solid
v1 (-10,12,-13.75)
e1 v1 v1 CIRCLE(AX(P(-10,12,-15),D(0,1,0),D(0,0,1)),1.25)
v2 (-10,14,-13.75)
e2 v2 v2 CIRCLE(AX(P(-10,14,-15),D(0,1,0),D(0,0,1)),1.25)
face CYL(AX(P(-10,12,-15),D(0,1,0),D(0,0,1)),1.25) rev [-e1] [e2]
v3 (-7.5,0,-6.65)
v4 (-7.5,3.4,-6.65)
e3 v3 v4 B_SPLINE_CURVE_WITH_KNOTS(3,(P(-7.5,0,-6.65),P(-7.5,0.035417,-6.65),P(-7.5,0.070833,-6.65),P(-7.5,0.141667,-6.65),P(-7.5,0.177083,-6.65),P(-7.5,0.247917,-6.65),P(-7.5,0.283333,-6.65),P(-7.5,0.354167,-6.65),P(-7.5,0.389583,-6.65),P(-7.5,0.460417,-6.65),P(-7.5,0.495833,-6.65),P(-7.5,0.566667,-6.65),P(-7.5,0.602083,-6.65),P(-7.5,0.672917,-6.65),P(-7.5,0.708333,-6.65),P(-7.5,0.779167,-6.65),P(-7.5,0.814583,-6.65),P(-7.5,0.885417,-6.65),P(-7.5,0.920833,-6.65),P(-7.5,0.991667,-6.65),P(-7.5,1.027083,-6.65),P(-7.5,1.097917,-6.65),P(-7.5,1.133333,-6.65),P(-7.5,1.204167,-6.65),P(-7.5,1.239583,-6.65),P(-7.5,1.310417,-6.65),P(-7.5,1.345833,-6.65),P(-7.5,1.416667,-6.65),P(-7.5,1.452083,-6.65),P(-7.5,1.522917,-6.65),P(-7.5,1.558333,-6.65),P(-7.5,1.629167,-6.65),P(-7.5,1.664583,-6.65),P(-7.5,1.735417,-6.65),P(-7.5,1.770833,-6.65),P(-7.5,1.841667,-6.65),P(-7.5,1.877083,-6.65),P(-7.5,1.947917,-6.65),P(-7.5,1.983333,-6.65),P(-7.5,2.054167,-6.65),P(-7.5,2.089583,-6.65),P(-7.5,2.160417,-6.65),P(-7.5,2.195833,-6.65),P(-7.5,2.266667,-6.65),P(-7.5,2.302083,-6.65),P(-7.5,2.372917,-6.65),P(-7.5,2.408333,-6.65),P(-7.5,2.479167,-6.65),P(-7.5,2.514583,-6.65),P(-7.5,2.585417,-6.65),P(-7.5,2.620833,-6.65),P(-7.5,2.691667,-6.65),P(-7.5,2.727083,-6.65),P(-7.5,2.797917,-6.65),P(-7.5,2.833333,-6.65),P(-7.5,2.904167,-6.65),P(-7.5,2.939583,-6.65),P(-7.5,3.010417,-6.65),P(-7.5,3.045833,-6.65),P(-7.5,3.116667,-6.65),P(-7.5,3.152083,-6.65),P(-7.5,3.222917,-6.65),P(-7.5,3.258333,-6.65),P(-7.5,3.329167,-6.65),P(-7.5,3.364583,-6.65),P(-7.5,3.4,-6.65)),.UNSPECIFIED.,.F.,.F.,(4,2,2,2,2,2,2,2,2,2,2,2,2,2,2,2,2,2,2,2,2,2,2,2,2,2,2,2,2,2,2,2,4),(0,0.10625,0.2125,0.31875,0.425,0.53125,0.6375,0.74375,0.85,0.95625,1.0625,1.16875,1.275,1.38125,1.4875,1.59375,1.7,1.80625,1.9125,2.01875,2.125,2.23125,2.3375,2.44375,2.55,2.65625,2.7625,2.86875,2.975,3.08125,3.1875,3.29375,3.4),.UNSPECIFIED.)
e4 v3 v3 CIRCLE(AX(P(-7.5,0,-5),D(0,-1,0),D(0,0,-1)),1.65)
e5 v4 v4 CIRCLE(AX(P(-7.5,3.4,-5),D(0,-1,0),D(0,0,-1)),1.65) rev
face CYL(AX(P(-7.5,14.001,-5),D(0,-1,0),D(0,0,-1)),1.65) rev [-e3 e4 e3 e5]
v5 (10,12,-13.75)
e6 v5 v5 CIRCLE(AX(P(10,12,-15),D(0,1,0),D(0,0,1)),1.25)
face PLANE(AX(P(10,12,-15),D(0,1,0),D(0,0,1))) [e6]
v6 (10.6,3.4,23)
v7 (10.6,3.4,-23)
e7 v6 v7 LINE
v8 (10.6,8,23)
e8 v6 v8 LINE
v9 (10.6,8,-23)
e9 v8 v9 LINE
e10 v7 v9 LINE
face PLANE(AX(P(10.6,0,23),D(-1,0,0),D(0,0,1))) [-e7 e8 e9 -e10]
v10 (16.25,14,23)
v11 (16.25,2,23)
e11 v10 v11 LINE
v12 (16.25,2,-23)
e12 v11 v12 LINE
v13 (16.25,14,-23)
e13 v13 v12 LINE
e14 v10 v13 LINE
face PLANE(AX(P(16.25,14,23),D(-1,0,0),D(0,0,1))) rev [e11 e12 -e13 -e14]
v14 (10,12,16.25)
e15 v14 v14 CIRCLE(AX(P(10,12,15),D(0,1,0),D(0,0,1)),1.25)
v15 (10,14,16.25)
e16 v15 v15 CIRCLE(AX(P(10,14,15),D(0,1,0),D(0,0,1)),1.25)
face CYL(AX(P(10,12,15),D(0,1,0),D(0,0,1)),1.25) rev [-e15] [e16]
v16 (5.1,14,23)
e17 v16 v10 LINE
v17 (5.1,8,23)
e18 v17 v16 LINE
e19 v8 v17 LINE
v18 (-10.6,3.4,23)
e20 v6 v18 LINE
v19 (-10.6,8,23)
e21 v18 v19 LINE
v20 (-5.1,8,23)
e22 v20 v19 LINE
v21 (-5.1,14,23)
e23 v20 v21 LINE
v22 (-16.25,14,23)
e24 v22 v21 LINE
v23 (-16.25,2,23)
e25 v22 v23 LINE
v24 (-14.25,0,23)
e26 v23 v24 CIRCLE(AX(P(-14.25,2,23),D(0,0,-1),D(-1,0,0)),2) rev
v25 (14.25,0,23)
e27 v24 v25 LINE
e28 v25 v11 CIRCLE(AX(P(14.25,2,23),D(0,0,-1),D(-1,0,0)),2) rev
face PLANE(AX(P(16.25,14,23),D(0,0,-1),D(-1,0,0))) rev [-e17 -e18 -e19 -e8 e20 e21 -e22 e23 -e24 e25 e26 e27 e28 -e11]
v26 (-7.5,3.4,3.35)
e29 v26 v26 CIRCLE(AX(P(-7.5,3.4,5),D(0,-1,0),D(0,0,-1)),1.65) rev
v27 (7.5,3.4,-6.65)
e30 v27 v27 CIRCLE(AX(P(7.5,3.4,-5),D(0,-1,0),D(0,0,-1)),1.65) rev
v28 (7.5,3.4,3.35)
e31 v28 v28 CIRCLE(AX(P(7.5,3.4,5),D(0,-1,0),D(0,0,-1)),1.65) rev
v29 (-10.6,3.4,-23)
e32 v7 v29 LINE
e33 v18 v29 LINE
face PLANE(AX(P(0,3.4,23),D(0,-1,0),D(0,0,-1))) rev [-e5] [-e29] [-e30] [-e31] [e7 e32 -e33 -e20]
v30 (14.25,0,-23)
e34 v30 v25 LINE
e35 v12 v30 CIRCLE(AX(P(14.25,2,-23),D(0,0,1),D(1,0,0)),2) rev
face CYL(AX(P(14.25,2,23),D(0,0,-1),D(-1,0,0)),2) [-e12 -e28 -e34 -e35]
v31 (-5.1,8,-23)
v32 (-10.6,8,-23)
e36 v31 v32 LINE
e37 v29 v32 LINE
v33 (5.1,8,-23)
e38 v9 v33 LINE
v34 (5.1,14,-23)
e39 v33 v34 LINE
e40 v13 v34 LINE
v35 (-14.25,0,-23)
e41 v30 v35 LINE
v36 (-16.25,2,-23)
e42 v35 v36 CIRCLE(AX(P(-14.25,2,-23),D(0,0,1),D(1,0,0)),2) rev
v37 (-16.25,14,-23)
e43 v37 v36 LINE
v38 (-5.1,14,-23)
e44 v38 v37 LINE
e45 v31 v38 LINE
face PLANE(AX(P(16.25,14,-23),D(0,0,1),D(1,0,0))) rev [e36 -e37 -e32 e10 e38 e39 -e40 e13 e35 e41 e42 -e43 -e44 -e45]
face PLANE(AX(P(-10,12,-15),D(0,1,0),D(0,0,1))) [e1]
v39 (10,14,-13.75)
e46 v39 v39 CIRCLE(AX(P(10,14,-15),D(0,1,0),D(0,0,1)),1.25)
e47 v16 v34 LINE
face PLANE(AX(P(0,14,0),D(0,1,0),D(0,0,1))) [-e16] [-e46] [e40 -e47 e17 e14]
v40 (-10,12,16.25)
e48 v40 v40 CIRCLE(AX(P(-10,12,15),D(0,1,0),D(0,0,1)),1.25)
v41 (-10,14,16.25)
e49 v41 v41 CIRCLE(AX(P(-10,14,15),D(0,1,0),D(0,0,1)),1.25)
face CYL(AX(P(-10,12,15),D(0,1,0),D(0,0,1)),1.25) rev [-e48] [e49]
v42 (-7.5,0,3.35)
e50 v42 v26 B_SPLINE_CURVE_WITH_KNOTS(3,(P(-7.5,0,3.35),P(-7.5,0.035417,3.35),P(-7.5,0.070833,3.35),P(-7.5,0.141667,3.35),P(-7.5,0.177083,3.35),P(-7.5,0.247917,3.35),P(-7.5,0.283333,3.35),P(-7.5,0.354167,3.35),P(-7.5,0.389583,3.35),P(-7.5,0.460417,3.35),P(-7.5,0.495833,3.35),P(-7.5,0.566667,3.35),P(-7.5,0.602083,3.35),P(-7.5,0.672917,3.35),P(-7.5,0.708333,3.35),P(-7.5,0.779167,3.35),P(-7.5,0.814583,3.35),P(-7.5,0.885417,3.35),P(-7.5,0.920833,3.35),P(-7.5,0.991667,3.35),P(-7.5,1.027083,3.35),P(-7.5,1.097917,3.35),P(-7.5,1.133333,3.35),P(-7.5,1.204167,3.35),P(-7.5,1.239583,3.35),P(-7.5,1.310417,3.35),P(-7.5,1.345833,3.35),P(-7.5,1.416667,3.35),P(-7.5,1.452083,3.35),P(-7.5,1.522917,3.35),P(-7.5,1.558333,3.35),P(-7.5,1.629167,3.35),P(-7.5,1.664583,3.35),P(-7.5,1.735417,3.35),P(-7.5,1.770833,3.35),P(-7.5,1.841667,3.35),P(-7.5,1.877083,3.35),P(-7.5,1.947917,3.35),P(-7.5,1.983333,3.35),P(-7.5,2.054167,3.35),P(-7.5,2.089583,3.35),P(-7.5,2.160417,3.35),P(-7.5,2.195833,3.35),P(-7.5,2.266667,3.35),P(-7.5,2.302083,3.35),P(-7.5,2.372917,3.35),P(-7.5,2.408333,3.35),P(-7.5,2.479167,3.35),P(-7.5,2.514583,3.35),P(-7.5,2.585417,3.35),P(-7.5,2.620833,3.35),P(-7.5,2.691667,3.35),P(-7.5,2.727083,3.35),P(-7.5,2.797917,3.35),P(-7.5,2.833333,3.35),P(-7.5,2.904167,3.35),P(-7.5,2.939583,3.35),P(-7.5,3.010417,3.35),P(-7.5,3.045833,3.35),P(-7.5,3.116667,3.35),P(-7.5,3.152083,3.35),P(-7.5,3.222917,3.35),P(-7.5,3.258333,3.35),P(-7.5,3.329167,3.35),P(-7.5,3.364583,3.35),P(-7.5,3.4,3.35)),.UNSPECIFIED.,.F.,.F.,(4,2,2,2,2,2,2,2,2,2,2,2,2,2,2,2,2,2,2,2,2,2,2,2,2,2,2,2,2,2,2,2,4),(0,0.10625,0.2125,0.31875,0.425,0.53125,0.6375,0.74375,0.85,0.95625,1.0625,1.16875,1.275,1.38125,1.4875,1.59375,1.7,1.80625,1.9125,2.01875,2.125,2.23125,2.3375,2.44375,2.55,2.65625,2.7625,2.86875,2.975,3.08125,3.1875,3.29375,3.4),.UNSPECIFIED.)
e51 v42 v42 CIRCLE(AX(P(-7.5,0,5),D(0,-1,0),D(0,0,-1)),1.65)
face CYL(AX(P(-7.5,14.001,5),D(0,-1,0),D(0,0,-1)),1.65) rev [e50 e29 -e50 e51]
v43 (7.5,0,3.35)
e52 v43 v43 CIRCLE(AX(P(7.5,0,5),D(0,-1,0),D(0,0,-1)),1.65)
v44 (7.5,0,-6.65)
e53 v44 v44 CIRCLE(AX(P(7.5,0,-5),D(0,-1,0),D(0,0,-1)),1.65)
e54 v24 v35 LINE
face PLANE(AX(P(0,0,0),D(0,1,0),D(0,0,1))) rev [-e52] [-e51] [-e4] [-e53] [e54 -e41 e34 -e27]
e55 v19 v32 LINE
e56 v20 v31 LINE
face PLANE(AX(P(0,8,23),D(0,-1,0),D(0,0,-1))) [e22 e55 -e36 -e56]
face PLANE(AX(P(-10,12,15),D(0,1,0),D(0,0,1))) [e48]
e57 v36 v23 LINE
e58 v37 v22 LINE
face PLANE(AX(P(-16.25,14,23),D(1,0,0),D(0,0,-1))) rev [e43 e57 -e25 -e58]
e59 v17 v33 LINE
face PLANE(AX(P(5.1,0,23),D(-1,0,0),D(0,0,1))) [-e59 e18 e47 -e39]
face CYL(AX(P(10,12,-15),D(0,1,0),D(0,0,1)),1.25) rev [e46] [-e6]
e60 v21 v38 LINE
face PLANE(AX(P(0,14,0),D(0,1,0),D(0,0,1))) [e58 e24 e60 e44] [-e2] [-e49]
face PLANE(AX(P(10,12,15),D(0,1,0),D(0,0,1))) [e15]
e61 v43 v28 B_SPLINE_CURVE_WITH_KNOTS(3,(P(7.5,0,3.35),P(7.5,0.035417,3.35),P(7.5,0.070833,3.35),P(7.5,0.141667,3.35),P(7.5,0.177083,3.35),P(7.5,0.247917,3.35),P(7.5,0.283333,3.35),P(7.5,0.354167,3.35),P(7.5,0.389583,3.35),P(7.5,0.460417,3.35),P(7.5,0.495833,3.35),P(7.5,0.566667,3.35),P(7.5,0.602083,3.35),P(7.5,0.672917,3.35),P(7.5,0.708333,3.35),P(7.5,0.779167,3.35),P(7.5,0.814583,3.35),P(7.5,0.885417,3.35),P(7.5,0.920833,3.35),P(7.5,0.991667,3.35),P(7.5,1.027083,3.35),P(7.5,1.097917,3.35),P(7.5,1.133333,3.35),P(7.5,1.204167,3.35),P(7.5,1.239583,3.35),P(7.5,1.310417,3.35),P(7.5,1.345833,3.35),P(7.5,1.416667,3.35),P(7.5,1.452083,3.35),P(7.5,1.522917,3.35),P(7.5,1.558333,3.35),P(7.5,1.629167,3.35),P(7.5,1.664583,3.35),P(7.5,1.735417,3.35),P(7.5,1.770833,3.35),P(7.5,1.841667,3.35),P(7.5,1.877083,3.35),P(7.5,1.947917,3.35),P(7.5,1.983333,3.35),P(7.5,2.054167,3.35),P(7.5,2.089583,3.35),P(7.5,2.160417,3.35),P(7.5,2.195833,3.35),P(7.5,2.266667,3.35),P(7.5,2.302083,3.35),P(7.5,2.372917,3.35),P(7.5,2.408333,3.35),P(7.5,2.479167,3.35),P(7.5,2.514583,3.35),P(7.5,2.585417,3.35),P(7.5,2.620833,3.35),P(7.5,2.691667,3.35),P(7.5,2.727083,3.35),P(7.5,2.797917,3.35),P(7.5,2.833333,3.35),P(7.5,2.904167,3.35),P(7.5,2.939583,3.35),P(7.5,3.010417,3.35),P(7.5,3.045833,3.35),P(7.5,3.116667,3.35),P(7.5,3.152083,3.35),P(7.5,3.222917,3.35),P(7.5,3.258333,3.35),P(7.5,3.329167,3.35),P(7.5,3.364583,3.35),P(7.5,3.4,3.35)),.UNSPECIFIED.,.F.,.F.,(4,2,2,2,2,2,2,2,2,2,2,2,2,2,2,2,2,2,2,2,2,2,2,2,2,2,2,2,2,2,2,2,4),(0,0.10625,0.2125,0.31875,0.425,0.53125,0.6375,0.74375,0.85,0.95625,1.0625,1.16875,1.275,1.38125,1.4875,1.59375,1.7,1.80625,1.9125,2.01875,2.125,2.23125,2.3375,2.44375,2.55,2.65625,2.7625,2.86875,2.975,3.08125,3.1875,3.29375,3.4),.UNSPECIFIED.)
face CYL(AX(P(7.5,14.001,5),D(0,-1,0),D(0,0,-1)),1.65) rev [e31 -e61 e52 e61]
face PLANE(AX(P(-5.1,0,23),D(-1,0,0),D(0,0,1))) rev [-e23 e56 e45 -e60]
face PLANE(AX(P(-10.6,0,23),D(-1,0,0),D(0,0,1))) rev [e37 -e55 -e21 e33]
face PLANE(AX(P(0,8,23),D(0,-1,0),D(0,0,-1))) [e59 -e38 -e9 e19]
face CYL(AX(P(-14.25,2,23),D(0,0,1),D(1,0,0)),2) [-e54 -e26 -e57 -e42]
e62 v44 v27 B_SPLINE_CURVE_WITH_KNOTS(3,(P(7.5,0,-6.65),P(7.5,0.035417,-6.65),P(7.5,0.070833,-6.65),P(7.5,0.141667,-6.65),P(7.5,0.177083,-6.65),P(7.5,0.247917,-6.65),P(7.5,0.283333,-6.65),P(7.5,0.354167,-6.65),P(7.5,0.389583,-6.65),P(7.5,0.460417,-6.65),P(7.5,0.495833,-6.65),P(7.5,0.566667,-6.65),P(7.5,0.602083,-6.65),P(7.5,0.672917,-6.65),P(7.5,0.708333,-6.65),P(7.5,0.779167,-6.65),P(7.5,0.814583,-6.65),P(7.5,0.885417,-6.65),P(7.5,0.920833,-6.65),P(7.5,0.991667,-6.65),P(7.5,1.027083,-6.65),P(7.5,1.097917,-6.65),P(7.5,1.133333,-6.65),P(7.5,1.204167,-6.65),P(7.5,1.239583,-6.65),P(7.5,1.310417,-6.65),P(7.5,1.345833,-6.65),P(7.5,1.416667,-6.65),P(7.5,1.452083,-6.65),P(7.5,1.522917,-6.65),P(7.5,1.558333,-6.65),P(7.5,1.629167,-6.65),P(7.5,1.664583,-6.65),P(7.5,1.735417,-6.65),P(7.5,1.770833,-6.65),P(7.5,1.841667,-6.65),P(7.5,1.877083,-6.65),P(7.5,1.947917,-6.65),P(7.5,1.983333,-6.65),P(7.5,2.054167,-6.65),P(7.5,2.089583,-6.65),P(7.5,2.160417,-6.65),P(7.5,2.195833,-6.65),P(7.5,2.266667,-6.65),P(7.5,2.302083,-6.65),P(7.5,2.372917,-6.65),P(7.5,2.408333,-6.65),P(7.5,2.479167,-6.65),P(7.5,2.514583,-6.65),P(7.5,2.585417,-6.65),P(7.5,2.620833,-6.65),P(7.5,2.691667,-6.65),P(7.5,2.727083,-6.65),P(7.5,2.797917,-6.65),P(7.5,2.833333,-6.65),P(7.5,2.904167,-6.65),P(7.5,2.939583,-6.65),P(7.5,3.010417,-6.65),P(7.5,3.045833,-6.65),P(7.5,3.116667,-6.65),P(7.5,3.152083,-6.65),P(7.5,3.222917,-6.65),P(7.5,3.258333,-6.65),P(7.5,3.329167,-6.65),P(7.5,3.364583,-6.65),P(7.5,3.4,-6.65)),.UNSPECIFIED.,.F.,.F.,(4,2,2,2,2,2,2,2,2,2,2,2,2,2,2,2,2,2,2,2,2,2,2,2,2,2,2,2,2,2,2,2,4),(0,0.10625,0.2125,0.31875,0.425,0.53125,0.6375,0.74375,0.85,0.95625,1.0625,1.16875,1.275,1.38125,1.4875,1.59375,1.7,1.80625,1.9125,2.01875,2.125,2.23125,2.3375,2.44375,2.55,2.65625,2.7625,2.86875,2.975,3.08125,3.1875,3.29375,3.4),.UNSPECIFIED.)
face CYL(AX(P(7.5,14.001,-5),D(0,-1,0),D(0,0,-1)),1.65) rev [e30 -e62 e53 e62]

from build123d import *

# Parameters (mm, degrees)
SKETCH_1_W          = 32.5
SKETCH_1_H          = 46
EXTRUDE_1_DEPTH     = 14
SKETCH_2_W          = 10.2
SKETCH_2_H          = 6
CUT_EXTRUDE_2_DEPTH = 51.754925869
CUT_EXTRUDE_3_REACH = 33.449
SKETCH_4_R          = 1.65
SKETCH_5_R          = 1.25
CUT_EXTRUDE_4_DEPTH = 2
FILLET_1_R          = 2


with BuildPart() as part:
    # 草图1 → 凸台-拉伸1 (new body)
    with BuildSketch(Plane(origin=(0, 0, 0), x_dir=(1, 0, 0), z_dir=(0, 1, 0))):
        Rectangle(SKETCH_1_W, SKETCH_1_H)
    extrude(amount=EXTRUDE_1_DEPTH)

    # 草图2 → 切除-拉伸2 (cut, through all)
    with BuildSketch(Plane(origin=(0, 0, -23), x_dir=(-1, 0, 0), z_dir=(0, 0, -1))):
        with Locations((0, 11)):
            Rectangle(SKETCH_2_W, SKETCH_2_H)
        Polygon((5.1, 8), (-5.1, 8), (-10.6, 8), (-10.6, 3.4), (10.6, 3.4), (10.6, 8), align=None)
    extrude(amount=-CUT_EXTRUDE_2_DEPTH, mode=Mode.SUBTRACT)

    # 草图4 → 切除-拉伸3 (cut, up to next)
    with BuildSketch(Plane.XZ, mode=Mode.PRIVATE) as cut_extrude_3_sk1:
        with Locations(Location((-7.5, 5, 0), (0, 0, 270))):
            Circle(SKETCH_4_R)
    cut_extrude_3_tool1 = extrude(cut_extrude_3_sk1.sketch, amount=-CUT_EXTRUDE_3_REACH, mode=Mode.PRIVATE) & part.part
    # 草图4 → 切除-拉伸3 (cut, up to next)
    with BuildSketch(Plane.XZ, mode=Mode.PRIVATE) as cut_extrude_3_sk2:
        with Locations(Location((7.5, 5, 0), (0, 0, 270))):
            Circle(SKETCH_4_R)
    cut_extrude_3_tool2 = extrude(cut_extrude_3_sk2.sketch, amount=-CUT_EXTRUDE_3_REACH, mode=Mode.PRIVATE) & part.part
    # 草图4 → 切除-拉伸3 (cut, up to next)
    with BuildSketch(Plane.XZ, mode=Mode.PRIVATE) as cut_extrude_3_sk3:
        with Locations(Location((7.5, -5, 0), (0, 0, 270))):
            Circle(SKETCH_4_R)
    cut_extrude_3_tool3 = extrude(cut_extrude_3_sk3.sketch, amount=-CUT_EXTRUDE_3_REACH, mode=Mode.PRIVATE) & part.part
    # 草图4 → 切除-拉伸3 (cut, up to next)
    with BuildSketch(Plane.XZ, mode=Mode.PRIVATE) as cut_extrude_3_sk4:
        with Locations(Location((-7.5, -5, 0), (0, 0, 270))):
            Circle(SKETCH_4_R)
    cut_extrude_3_tool4 = extrude(cut_extrude_3_sk4.sketch, amount=-CUT_EXTRUDE_3_REACH, mode=Mode.PRIVATE) & part.part
    add(cut_extrude_3_tool1.solids().sort_by_distance((-7.5, 0, 5))[0], mode=Mode.SUBTRACT)
    add(cut_extrude_3_tool2.solids().sort_by_distance((7.5, 0, 5))[0], mode=Mode.SUBTRACT)
    add(cut_extrude_3_tool3.solids().sort_by_distance((7.5, 0, -5))[0], mode=Mode.SUBTRACT)
    add(cut_extrude_3_tool4.solids().sort_by_distance((-7.5, 0, -5))[0], mode=Mode.SUBTRACT)

    # 草图5 → 切除-拉伸4 (cut)
    with BuildSketch(Plane(origin=(0, 14, 0), x_dir=(1, 0, 0), z_dir=(0, 1, 0))):
        with Locations(Location((-10, 15, 0), (0, 0, 270))):
            Circle(SKETCH_5_R)
        with Locations(Location((10, 15, 0), (0, 0, 270))):
            Circle(SKETCH_5_R)
        with Locations(Location((10, -15, 0), (0, 0, 270))):
            Circle(SKETCH_5_R)
        with Locations(Location((-10, -15, 0), (0, 0, 270))):
            Circle(SKETCH_5_R)
    extrude(amount=-CUT_EXTRUDE_4_DEPTH, mode=Mode.SUBTRACT)

    # 圆角1
    fillet_1_edges = [part.edges().sort_by_distance(p)[0] for p in [
        (16.25, 0, 0),
        (-16.25, 0, 0),
    ]]
    fillet(fillet_1_edges, radius=FILLET_1_R)


solid = part.part
